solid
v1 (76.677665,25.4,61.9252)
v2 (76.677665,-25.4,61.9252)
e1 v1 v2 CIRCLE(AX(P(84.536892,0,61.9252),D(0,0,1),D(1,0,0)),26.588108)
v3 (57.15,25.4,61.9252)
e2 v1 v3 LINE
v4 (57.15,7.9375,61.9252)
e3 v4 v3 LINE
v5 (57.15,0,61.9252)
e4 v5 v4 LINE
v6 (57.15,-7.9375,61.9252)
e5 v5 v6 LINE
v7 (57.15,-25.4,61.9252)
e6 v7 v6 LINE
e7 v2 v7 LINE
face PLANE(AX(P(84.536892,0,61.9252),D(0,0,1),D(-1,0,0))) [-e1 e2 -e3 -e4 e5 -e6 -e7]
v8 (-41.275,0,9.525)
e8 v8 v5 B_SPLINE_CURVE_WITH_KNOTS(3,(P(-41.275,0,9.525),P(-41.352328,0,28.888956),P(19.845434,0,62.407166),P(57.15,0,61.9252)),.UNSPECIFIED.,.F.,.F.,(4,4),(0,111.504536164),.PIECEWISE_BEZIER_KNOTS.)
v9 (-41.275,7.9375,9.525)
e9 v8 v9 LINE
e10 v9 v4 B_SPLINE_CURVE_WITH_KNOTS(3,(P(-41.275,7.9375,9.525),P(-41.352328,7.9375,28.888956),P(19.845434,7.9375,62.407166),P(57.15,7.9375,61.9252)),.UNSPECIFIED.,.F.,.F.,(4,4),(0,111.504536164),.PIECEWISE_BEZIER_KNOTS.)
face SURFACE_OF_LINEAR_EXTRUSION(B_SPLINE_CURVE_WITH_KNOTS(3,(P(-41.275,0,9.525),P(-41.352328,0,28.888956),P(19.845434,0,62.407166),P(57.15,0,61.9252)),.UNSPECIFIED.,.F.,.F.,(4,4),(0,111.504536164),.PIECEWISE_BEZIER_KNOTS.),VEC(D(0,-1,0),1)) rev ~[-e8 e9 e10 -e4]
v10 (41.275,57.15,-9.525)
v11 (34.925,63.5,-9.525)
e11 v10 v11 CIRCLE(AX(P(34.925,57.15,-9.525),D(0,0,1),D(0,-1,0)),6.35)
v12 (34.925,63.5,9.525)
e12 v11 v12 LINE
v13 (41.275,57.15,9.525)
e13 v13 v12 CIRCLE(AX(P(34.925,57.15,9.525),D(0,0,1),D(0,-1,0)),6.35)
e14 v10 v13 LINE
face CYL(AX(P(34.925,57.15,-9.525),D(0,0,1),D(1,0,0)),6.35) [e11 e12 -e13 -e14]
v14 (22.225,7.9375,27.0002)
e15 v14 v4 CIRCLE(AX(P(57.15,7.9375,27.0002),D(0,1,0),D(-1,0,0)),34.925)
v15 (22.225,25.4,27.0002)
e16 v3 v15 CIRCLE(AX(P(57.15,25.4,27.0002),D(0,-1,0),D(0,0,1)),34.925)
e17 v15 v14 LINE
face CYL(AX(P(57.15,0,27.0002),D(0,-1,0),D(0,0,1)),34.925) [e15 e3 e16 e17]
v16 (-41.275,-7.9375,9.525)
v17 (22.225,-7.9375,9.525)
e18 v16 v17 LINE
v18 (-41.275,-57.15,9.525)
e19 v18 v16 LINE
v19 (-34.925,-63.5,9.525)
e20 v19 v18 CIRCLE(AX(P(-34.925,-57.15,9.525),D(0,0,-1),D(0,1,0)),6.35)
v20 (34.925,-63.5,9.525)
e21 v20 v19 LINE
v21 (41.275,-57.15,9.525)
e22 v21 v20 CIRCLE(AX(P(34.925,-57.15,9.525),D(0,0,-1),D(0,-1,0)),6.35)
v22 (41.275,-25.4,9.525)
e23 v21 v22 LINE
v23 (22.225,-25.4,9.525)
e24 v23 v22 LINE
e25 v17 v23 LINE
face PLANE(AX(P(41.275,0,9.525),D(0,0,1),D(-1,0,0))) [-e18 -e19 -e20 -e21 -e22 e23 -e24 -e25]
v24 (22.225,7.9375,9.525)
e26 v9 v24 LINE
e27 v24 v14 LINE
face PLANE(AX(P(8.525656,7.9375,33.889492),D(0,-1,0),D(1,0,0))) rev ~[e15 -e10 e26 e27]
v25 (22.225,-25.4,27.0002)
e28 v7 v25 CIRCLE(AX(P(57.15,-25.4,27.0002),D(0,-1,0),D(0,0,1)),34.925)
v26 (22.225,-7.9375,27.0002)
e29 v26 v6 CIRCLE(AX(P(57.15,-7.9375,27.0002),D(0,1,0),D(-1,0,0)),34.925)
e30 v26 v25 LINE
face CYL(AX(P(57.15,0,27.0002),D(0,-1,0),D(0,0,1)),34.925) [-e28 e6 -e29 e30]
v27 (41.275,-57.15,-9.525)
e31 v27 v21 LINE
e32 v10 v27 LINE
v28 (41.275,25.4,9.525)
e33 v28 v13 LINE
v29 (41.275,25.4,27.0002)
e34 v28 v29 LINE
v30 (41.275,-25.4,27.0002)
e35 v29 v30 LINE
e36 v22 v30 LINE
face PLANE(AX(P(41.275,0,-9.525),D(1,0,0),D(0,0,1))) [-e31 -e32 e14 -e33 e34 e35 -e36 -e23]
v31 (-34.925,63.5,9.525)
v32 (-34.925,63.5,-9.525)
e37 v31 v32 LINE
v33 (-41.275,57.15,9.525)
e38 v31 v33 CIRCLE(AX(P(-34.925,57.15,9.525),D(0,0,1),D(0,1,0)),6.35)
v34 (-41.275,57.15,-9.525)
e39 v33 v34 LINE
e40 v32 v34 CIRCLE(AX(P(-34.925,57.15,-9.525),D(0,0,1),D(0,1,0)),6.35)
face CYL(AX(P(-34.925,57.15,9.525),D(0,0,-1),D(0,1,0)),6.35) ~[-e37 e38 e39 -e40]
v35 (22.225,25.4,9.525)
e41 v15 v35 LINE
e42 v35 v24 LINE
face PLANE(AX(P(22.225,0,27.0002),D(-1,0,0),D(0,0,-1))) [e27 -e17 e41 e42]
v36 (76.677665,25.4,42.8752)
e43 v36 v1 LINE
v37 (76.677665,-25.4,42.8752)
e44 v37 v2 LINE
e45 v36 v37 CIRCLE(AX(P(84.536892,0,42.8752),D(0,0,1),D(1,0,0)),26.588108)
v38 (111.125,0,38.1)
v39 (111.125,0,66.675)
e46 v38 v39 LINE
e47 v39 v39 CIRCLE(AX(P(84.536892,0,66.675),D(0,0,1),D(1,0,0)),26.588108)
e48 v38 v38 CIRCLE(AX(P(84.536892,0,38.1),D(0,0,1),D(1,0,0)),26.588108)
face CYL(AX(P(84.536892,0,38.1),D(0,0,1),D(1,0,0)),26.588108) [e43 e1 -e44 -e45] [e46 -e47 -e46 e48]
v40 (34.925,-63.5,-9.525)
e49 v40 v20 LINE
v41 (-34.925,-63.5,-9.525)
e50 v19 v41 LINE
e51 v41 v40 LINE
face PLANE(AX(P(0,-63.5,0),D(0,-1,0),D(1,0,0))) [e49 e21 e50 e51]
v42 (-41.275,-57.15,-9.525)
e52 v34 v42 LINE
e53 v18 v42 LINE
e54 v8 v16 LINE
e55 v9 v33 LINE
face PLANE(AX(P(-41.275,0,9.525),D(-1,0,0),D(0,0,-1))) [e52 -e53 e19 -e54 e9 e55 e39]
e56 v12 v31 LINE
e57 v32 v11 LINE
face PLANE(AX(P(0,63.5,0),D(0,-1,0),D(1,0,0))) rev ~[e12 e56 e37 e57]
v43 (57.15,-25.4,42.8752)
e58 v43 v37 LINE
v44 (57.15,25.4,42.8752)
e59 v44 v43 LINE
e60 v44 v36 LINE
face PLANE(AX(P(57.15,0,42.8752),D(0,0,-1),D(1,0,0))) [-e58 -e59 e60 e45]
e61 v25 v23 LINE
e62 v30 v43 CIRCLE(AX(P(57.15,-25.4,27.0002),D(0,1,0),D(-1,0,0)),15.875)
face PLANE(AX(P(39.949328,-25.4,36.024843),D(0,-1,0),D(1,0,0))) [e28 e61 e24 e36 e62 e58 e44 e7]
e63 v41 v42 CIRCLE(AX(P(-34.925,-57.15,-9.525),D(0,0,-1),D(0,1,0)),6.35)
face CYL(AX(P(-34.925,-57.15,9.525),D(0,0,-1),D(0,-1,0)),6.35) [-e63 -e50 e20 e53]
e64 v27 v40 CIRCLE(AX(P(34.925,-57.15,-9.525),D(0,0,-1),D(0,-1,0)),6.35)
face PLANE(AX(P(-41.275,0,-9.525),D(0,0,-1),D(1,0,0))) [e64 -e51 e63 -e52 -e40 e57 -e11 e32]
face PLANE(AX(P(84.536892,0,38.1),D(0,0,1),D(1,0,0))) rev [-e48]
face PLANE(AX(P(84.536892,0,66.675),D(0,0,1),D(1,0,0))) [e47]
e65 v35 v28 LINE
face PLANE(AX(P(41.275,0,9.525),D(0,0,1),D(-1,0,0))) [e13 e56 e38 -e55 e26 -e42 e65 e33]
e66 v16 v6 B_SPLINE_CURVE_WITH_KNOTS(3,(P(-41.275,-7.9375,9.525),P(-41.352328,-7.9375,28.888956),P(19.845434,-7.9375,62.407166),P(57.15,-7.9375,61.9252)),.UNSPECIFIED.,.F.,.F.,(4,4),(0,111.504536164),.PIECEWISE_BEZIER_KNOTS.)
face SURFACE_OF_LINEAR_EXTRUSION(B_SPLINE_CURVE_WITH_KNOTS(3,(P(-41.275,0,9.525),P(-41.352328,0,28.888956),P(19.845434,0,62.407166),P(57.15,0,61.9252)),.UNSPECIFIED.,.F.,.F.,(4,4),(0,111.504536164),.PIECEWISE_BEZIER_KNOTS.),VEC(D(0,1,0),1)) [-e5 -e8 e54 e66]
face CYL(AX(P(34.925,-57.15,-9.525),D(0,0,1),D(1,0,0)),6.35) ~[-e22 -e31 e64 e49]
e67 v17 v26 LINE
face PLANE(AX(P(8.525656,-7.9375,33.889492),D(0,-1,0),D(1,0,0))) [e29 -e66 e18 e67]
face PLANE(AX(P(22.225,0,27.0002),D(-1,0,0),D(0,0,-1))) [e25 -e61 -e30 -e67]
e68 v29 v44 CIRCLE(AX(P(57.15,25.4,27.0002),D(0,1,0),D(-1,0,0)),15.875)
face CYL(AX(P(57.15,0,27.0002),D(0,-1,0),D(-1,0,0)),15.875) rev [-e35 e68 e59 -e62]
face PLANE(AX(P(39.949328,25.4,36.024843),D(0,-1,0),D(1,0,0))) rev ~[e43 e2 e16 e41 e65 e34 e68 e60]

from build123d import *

# Parameters (mm, degrees)
F1_DEPTH = 63.5
F0_W     = 24.2118924779
F0_H     = 19.05
F2_DEPTH = 25.4
F3_DEPTH = 7.9375
F5_R     = 6.35


with BuildPart() as f1:
    # F0 (on Front) → F1 (new body, symmetric)
    with BuildSketch(Plane.XZ):
        Polygon((22.225, 9.525), (-41.275, 9.525), (-41.275, -9.525), (41.275, -9.525), (41.275, 9.525), align=None)
    extrude(amount=F1_DEPTH, both=True)

    # F0 (on Front) → F2 (join, symmetric)
    with BuildSketch(Plane.XZ):
        with BuildLine():
            Line((60.325, 42.8752), (60.325, 61.9252))
            Line((60.325, 61.9252), (57.15, 61.9252))
            ThreePointArc((57.15, 61.9252), (32.4542956671, 51.6959043329), (22.225, 27.0002))
            Line((22.225, 27.0002), (22.225, 9.525))
            Line((22.225, 9.525), (41.275, 9.525))
            Line((41.275, 9.525), (41.275, 27.0002))
            ThreePointArc((41.275, 27.0002), (45.9246798487, 38.2255201513), (57.15, 42.8752))
            Line((57.15, 42.8752), (60.325, 42.8752))
        make_face()
        with Locations((72.430946239, 52.4002)):
            Rectangle(F0_W, F0_H)
    extrude(amount=F2_DEPTH, both=True)

    # F0 (on Front) → F3 (join, symmetric)
    with BuildSketch(Plane.XZ):
        with BuildLine():
            ThreePointArc((22.225, 27.0002), (32.4542956671, 51.6959043329), (57.15, 61.9252))
            add(Edge.make_bspline(
                [(-41.275, 9.525), (-41.352327913, 28.8889557123), (19.8454335332, 62.4071657658), (57.15, 61.9252)],
                knots=[0, 0, 0, 0, 111.5045361635, 111.5045361635, 111.5045361635, 111.5045361635], degree=3))
            Line((-41.275, 9.525), (22.225, 9.525))
            Line((22.225, 9.525), (22.225, 27.0002))
        make_face()
    extrude(amount=F3_DEPTH, both=True)

    # F0 (on Front) → F4 (revolve)
    with BuildSketch(Plane.XZ):
        Polygon((111.125, 38.1), (111.125, 66.675), (84.5368924779, 66.675), (84.5368924779, 61.9252), (84.5368924779, 42.8752), (84.5368924779, 38.1), align=None)
    revolve(axis=Axis((84.5368924779, 0, 52.3875), (0, 0, 1)))

    # F5
    f5_edges = [f1.edges().sort_by_distance(p)[0] for p in [
        (-41.275, -63.5, 0),
        (41.275, -63.5, 0),
        (41.275, 63.5, 0),
        (-41.275, 63.5, 0),
    ]]
    fillet(f5_edges, radius=F5_R)


solid = f1.part
